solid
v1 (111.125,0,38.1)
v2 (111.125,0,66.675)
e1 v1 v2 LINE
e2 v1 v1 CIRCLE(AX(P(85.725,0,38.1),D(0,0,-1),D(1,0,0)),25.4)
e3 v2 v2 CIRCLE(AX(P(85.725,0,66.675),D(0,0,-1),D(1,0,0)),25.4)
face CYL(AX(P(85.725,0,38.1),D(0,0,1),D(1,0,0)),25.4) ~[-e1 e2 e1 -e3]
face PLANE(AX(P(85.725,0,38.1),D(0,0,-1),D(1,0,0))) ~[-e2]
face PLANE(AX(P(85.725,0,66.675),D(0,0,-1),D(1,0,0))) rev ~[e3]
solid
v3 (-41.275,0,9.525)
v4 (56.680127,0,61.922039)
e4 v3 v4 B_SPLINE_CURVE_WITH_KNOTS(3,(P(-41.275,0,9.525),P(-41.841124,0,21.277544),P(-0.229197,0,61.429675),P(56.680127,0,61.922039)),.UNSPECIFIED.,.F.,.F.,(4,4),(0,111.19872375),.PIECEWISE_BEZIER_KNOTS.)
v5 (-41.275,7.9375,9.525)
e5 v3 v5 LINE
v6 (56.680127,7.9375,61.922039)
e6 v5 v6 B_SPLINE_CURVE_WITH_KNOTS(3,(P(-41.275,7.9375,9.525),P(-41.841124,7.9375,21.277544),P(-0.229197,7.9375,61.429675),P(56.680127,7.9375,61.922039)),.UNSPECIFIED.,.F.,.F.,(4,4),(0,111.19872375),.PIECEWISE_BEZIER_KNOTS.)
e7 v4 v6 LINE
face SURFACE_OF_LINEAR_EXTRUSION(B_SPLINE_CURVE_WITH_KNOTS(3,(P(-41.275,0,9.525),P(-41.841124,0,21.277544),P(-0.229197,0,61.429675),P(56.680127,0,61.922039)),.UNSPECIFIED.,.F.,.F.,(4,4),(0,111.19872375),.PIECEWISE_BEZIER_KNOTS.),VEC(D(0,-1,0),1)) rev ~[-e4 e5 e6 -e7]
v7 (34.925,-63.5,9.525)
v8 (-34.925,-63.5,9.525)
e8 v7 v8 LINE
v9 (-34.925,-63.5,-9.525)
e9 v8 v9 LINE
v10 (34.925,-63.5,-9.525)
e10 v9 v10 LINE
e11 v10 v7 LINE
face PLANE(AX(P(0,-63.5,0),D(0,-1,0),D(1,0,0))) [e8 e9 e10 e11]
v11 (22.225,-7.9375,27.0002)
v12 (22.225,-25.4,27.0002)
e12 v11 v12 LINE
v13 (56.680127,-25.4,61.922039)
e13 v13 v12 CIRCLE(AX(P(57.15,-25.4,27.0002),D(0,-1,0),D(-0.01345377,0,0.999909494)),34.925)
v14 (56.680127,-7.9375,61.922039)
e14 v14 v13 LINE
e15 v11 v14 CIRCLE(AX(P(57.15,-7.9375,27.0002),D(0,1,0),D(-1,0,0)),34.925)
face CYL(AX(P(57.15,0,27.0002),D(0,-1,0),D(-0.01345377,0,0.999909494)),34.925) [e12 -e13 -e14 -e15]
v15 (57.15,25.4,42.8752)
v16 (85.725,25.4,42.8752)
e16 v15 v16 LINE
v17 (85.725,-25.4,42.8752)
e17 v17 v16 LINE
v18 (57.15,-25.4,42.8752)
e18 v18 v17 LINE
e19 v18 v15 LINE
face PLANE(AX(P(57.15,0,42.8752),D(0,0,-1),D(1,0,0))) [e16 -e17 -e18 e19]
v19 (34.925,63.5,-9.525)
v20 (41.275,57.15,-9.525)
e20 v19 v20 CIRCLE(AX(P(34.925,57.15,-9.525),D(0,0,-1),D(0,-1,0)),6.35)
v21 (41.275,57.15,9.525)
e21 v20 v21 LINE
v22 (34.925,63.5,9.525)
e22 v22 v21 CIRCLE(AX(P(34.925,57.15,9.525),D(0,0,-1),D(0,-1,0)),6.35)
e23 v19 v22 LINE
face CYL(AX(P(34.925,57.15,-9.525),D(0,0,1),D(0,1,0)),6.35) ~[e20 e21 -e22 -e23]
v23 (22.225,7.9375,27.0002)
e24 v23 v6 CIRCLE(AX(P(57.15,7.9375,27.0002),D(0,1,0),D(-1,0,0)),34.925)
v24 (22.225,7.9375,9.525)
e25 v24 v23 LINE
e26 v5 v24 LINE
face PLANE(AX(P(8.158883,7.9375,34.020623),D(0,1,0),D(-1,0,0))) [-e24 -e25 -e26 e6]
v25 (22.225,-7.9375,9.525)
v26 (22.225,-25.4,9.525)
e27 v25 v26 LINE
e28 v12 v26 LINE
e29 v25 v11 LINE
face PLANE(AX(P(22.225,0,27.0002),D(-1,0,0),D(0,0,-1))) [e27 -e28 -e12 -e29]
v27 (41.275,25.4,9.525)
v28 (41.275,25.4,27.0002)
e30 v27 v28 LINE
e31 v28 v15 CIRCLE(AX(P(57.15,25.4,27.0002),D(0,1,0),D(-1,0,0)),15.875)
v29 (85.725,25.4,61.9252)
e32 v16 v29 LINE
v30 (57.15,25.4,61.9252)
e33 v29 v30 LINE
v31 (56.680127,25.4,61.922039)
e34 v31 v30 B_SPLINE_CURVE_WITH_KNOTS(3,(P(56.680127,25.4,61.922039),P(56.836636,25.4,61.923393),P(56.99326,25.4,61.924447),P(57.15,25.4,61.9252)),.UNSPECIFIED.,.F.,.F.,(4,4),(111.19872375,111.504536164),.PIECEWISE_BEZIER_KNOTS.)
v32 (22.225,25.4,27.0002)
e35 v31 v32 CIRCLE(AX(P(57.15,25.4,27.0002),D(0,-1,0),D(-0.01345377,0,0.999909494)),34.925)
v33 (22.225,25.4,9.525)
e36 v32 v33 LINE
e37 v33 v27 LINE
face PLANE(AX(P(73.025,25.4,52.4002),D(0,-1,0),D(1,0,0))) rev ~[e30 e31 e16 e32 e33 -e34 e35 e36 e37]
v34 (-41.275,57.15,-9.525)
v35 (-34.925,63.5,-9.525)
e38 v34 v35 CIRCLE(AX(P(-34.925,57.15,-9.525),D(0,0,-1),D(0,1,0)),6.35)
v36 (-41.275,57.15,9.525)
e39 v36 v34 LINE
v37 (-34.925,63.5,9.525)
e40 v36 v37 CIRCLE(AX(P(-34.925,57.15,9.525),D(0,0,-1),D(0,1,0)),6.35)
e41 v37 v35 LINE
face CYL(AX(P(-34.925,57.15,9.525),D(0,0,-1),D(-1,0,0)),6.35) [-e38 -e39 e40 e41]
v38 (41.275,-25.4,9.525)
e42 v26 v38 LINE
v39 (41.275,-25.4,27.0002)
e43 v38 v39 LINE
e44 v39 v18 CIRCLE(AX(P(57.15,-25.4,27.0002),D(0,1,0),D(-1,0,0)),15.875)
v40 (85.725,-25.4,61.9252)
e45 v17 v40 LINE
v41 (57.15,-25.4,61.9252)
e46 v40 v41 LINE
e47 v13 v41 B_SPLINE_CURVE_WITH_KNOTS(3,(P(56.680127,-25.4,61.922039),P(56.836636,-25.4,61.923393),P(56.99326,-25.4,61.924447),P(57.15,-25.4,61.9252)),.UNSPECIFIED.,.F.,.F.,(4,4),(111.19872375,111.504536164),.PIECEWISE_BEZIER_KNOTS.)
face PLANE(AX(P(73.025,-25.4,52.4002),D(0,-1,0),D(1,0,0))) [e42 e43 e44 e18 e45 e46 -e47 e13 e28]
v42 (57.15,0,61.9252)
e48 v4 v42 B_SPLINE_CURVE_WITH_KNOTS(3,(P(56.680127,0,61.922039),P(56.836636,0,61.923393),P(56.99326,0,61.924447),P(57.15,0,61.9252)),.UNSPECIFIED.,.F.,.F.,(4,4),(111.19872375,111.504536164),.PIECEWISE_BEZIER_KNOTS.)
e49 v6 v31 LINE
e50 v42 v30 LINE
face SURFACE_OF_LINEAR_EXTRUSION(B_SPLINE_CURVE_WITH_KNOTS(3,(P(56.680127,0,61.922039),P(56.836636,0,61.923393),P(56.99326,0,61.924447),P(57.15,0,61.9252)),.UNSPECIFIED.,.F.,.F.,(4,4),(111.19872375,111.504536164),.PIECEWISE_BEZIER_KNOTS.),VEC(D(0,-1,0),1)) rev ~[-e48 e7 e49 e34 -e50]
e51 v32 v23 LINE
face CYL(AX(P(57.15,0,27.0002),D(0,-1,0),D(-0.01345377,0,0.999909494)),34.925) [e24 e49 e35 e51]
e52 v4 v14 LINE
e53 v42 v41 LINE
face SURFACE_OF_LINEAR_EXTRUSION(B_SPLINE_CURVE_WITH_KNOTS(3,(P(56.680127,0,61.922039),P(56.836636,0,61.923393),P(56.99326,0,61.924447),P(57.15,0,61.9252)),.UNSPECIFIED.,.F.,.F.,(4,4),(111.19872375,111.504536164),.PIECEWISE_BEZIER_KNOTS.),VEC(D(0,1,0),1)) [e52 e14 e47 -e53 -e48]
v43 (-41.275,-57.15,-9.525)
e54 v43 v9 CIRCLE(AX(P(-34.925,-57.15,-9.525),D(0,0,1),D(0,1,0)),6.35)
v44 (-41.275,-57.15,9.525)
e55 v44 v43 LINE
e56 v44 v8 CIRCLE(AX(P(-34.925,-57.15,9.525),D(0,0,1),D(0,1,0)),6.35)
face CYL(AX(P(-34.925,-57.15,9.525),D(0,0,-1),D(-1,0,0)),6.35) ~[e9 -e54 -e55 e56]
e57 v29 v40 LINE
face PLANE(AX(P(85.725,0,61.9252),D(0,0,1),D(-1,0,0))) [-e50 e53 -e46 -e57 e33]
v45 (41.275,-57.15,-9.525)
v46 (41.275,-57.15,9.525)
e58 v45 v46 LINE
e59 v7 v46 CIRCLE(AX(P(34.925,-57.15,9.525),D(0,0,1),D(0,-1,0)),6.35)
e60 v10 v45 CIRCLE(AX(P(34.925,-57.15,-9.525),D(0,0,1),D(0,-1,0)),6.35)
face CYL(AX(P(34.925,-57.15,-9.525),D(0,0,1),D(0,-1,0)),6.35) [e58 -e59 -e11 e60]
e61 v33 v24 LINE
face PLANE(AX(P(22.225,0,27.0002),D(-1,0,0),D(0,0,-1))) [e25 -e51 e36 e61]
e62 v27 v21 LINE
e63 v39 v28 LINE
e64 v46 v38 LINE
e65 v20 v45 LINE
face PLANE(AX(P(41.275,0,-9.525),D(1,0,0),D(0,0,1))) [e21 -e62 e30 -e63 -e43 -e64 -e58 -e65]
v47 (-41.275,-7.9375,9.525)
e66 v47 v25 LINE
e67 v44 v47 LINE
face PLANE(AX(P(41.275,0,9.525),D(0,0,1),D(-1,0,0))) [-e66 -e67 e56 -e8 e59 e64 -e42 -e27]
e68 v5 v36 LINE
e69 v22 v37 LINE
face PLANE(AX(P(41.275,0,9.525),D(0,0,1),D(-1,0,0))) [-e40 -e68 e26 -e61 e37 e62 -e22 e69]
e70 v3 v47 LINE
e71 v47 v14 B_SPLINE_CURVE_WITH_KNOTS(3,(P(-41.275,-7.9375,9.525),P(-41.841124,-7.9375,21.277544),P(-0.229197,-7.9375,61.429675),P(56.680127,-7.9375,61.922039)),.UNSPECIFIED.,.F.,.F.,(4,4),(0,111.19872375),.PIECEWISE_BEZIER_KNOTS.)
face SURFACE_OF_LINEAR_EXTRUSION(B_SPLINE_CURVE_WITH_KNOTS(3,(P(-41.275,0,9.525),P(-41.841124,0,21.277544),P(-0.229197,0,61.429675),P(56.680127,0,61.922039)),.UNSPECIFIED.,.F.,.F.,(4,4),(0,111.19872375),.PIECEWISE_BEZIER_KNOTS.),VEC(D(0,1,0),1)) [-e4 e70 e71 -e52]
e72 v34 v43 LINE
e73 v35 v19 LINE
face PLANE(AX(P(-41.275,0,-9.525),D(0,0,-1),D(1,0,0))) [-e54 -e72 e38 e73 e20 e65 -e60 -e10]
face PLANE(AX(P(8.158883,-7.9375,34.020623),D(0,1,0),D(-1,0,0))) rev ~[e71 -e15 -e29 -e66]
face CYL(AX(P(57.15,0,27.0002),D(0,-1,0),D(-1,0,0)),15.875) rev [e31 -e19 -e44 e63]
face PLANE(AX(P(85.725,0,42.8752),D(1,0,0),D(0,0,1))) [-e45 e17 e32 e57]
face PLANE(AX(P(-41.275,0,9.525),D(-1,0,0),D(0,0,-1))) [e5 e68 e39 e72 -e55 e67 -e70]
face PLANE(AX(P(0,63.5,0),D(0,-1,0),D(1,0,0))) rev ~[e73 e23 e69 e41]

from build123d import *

# Parameters (mm, degrees)
F1_DEPTH = 63.5
F0_W     = 25.4
F0_H     = 19.05
F2_DEPTH = 25.4
F3_DEPTH = 7.9375
F5_R     = 6.35


with BuildPart() as f1:
    # F0 (on Front) → F1 (new body, symmetric)
    with BuildSketch(Plane.XZ):
        Polygon((-41.275, 9.525), (-41.275, -9.525), (41.275, -9.525), (41.275, 9.525), (22.225, 9.525), align=None)
    extrude(amount=F1_DEPTH, both=True)

    # F0 (on Front) → F2 (join, symmetric)
    with BuildSketch(Plane.XZ):
        with Locations((73.025, 52.4002)):
            Rectangle(F0_W, F0_H)
        with BuildLine():
            Line((22.225, 9.525), (41.275, 9.525))
            Line((41.275, 9.525), (41.275, 27.0002))
            ThreePointArc((41.275, 27.0002), (45.9246798487, 38.2255201513), (57.15, 42.8752))
            Line((57.15, 42.8752), (60.325, 42.8752))
            Line((60.325, 42.8752), (60.325, 61.9252))
            Line((60.325, 61.9252), (57.15, 61.9252))
            add(Edge.make_bspline(
                [(56.6801270961, 61.9220390761), (56.8366358852, 61.9233931475), (56.9932603728, 61.9244472607), (57.15, 61.9252)],
                knots=[111.1987237501, 111.1987237501, 111.1987237501, 111.1987237501, 111.5045361635, 111.5045361635, 111.5045361635, 111.5045361635], degree=3))
            ThreePointArc((56.6801270961, 61.9220390761), (32.2887255338, 51.5292166317), (22.225, 27.0002))
            Line((22.225, 27.0002), (22.225, 9.525))
        make_face()
    extrude(amount=F2_DEPTH, both=True)

    # F0 (on Front) → F3 (join, symmetric)
    with BuildSketch(Plane.XZ):
        with BuildLine():
            add(Edge.make_bspline(
                [(-41.275, 9.525), (-41.8411235038, 21.2775444585), (-0.2291965204, 61.4296751081), (56.6801270961, 61.9220390761)],
                knots=[0, 0, 0, 0, 111.1987237501, 111.1987237501, 111.1987237501, 111.1987237501], degree=3))
            Line((-41.275, 9.525), (22.225, 9.525))
            Line((22.225, 9.525), (22.225, 27.0002))
            ThreePointArc((22.225, 27.0002), (32.2887255338, 51.5292166317), (56.6801270961, 61.9220390761))
        make_face()
    extrude(amount=F3_DEPTH, both=True)

    # F5
    f5_edges = [f1.edges().sort_by_distance(p)[0] for p in [
        (-41.275, -63.5, 0),
        (41.275, -63.5, 0),
        (41.275, 63.5, 0),
        (-41.275, 63.5, 0),
    ]]
    fillet(f5_edges, radius=F5_R)


with BuildPart() as f4:
    # F0 (on Front) → F4 (revolve)
    with BuildSketch(Plane.XZ):
        Polygon((85.725, 66.675), (85.725, 61.9252), (85.725, 42.8752), (85.725, 38.1), (111.125, 38.1), (111.125, 66.675), align=None)
    revolve(axis=Axis((85.725, 0, 52.3875), (0, 0, -1)))


solid = Compound([f1.part, f4.part])
